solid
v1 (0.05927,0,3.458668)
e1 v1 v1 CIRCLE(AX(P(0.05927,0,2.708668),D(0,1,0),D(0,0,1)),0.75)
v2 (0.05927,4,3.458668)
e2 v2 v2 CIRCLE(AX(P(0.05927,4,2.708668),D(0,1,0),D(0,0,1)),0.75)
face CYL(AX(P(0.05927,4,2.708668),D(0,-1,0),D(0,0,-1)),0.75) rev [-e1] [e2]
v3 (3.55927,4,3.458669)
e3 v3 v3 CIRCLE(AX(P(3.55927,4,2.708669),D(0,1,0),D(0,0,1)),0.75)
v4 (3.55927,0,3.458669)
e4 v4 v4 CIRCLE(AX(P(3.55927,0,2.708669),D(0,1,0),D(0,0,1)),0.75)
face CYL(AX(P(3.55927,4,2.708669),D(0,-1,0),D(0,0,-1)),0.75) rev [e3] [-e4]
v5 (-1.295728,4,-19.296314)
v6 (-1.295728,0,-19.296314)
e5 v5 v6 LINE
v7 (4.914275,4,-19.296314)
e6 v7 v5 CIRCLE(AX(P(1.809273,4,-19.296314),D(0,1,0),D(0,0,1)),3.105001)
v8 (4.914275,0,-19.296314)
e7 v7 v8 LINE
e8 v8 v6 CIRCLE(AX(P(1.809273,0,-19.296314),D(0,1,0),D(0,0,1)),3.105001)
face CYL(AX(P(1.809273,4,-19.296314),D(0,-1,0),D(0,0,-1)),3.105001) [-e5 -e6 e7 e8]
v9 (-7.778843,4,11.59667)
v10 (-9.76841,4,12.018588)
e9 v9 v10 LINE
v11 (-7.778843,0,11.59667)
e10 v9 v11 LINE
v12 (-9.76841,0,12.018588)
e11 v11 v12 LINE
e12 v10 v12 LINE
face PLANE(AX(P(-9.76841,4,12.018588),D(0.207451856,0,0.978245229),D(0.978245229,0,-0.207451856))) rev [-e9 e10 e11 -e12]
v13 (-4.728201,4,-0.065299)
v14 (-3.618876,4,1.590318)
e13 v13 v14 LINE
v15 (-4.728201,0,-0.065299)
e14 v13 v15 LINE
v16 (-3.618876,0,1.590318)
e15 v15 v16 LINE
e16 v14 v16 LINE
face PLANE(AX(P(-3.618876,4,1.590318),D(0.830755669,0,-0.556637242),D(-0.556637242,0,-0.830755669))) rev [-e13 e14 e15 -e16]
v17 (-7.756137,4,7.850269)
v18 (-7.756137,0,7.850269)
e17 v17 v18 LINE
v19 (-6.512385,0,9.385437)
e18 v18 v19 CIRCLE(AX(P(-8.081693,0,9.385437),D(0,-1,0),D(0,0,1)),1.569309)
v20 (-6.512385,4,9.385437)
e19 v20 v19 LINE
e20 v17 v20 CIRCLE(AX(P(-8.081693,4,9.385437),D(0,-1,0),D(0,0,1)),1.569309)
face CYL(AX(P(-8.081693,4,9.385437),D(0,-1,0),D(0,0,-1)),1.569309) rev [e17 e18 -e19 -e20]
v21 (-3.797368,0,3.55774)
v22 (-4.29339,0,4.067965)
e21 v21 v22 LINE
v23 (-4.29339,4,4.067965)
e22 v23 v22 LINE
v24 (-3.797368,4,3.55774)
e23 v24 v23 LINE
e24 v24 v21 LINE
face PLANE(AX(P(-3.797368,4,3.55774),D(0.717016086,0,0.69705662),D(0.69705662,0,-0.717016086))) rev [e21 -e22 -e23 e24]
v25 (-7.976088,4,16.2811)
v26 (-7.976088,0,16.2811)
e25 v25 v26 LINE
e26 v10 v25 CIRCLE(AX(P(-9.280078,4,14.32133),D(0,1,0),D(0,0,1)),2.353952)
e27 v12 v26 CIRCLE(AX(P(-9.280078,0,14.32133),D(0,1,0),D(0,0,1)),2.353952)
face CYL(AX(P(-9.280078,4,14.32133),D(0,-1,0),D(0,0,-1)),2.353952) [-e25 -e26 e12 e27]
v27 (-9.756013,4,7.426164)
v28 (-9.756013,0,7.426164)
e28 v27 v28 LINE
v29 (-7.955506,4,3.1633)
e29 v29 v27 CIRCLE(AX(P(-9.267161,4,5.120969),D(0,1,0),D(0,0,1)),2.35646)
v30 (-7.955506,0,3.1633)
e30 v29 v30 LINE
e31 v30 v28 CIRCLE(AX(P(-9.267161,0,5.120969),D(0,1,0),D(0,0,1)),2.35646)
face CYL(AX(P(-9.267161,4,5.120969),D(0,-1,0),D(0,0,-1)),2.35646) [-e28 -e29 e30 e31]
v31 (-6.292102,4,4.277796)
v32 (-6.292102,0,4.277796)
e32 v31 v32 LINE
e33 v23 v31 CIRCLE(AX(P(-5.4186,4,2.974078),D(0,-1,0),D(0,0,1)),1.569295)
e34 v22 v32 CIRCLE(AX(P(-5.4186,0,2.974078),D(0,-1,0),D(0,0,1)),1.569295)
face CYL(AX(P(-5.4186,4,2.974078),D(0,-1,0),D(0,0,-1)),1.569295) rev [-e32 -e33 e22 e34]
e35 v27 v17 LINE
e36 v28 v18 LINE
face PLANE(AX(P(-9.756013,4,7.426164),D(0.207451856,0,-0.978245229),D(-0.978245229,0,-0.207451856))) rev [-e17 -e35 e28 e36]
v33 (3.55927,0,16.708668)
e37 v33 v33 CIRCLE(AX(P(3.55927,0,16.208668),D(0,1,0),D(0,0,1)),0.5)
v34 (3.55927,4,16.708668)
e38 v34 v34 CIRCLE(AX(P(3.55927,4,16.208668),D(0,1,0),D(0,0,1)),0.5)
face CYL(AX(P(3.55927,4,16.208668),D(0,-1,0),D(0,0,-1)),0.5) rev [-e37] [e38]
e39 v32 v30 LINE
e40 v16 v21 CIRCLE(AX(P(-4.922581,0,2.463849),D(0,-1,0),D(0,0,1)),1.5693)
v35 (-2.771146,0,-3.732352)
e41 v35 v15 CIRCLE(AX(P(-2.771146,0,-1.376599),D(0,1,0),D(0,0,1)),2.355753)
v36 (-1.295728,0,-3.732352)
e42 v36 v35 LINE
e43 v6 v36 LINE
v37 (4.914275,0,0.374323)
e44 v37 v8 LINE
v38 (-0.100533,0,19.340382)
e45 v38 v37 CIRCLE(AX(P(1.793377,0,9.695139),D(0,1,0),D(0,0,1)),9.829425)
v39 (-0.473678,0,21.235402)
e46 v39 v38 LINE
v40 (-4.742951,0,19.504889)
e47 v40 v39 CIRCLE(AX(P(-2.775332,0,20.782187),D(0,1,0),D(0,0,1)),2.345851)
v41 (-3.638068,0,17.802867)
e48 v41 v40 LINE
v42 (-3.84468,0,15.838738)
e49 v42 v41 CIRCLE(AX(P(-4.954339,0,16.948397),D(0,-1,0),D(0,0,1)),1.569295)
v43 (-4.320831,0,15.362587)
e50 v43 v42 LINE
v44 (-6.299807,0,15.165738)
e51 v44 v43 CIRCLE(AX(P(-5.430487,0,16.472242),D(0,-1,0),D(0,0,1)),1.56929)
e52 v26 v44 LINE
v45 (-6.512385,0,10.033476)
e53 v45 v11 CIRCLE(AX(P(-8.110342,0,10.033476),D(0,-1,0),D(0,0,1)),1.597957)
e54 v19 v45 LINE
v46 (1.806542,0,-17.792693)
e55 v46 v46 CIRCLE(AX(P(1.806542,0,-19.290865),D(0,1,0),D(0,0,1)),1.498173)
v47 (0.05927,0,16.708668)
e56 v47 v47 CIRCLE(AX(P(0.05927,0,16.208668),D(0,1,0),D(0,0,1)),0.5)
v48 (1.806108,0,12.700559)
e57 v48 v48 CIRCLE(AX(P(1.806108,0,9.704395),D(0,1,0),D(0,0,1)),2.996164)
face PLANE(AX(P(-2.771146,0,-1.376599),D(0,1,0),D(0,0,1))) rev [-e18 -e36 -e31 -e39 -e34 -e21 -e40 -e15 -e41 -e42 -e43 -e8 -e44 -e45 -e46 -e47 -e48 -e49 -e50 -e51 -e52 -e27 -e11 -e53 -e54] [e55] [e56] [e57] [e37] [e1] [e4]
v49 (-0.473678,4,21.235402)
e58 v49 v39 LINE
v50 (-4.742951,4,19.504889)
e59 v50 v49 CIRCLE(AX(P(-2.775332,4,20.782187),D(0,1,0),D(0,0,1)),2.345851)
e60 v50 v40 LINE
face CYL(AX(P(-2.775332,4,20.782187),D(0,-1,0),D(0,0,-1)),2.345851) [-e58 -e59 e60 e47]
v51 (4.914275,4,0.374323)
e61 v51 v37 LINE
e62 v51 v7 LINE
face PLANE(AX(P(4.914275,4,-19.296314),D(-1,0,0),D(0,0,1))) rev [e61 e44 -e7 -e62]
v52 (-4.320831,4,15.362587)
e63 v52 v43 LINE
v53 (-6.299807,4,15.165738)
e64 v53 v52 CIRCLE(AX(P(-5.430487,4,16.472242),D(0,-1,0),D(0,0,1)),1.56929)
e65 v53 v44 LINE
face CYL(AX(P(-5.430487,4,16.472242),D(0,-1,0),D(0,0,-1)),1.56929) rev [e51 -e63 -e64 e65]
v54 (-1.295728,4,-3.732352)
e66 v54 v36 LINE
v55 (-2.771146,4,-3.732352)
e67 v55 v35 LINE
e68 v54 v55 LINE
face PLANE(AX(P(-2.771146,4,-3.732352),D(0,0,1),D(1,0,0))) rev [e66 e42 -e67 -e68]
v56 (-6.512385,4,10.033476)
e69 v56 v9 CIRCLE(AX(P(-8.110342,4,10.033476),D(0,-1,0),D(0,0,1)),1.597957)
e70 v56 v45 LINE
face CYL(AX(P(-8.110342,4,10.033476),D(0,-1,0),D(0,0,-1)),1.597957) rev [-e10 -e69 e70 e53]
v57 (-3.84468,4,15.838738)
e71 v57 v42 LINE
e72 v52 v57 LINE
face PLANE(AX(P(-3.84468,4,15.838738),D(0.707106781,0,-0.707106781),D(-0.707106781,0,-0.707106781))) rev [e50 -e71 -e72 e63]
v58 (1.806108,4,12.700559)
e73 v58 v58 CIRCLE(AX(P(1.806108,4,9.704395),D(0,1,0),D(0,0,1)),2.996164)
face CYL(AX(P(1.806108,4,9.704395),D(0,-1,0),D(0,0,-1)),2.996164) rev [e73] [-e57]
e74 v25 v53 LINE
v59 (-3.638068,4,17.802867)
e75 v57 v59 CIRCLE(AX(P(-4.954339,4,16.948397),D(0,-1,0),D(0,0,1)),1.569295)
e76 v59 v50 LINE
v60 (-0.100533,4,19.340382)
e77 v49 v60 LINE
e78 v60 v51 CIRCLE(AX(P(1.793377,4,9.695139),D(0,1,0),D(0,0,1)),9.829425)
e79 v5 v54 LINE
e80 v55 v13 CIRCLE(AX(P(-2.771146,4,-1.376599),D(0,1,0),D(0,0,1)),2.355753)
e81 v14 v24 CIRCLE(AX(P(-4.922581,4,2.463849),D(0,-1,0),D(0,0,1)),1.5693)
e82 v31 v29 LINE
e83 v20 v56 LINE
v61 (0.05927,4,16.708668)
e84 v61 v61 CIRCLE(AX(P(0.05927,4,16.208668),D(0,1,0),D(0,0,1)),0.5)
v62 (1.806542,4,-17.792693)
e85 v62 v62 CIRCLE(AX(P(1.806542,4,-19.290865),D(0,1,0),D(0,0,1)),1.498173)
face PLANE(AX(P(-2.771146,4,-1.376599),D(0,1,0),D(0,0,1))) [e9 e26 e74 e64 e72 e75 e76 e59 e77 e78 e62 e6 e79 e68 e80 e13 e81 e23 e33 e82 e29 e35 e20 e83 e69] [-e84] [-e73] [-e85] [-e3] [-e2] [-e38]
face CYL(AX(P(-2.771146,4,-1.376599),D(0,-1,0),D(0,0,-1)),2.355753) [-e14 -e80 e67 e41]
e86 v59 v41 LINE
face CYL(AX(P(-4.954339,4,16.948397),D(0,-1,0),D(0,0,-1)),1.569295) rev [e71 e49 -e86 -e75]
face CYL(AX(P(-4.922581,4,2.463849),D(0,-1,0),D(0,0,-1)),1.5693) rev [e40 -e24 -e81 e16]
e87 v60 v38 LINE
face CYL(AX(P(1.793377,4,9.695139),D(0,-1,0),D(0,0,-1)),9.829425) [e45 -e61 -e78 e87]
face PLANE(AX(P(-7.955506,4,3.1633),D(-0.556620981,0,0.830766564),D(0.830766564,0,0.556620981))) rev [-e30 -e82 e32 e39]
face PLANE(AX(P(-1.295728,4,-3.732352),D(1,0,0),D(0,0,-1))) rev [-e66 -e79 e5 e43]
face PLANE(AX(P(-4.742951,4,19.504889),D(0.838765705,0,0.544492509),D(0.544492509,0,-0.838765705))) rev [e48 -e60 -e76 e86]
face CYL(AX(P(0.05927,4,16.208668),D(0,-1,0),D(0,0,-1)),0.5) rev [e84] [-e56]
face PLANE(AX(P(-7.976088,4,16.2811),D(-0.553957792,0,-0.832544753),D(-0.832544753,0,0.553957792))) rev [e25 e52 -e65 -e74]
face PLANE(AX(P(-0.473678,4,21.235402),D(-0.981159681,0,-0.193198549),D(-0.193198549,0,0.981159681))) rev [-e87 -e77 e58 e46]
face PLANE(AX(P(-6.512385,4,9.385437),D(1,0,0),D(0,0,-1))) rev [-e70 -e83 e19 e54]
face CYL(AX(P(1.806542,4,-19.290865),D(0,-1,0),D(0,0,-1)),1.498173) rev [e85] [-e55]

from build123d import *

# Parameters (mm, degrees)
CROQUIS1_R              = 1.49817269
CROQUIS1_R_2            = 2.996164088
CROQUIS1_R_3            = 0.749999538
CROQUIS1_R_4            = 0.749999677
CROQUIS1_R_5            = 0.500000135
CROQUIS1_R_6            = 0.499999787
SALIENTE_EXTRUIR1_DEPTH = 4


with BuildPart() as part:
    # Croquis1 → Saliente-Extruir1 (new body)
    with BuildSketch(Plane(origin=(0, 0, 0), x_dir=(1, 0, 0), z_dir=(0, 1, 0))):
        with BuildLine():
            Line((-2.771145689, 3.732352208), (-1.295728101, 3.732352208))
            Line((-1.295728101, 3.732352208), (-1.295728101, 19.296313944))
            ThreePointArc((-1.295728101, 19.296313944), (1.809273381, 22.401315426), (4.914274862, 19.296313944))
            Line((4.914274862, 19.296313944), (4.914274862, -0.374323426))
            ThreePointArc((4.914274862, -0.374323426), (11.296230277, -12.207784547), (-0.100533102, -19.340381653))
            Line((-0.100533102, -19.340381653), (-0.473678479, -21.235402092))
            ThreePointArc((-0.473678479, -21.235402092), (-3.656560928, -22.956227452), (-4.742951437, -19.504889123))
            Line((-4.742951437, -19.504889123), (-3.638068078, -17.802867047))
            ThreePointArc((-3.638068078, -17.802867047), (-3.393654936, -16.784225076), (-3.844679826, -15.838738006))
            Line((-3.844679826, -15.838738006), (-4.320831306, -15.362586526))
            ThreePointArc((-4.320831306, -15.362586526), (-5.27515607, -14.910658594), (-6.299806788, -15.165738025))
            Line((-6.299806788, -15.165738025), (-7.976088157, -16.28110044))
            ThreePointArc((-7.976088157, -16.28110044), (-11.450003687, -15.233750996), (-9.768409722, -12.018588215))
            Line((-9.768409722, -12.018588215), (-7.77884303, -11.596670181))
            ThreePointArc((-7.77884303, -11.596670181), (-6.868732518, -11.039395013), (-6.512384859, -10.033475979))
            Line((-6.512384859, -10.033475979), (-6.512384859, -9.385437189))
            ThreePointArc((-6.512384859, -9.385437189), (-6.862343771, -8.397552686), (-7.756137447, -7.850268577))
            Line((-7.756137447, -7.850268577), (-9.756013297, -7.426164328))
            ThreePointArc((-9.756013297, -7.426164328), (-11.437933851, -4.204098724), (-7.955506206, -3.163300372))
            Line((-7.955506206, -3.163300372), (-6.292102369, -4.277795727))
            ThreePointArc((-6.292102369, -4.277795727), (-5.254751387, -4.534795839), (-4.293390141, -4.067965387))
            Line((-4.293390141, -4.067965387), (-3.797367558, -3.557739732))
            ThreePointArc((-3.797367558, -3.557739732), (-3.359699549, -2.605638888), (-3.61887602, -1.590317826))
            Line((-3.61887602, -1.590317826), (-4.728201004, 0.065299063))
            ThreePointArc((-4.728201004, 0.065299063), (-4.849446935, 2.48575952), (-2.771145689, 3.732352208))
        make_face()
        with Locations((1.806542391, 19.29086522)):
            Circle(CROQUIS1_R, mode=Mode.SUBTRACT)
        with Locations((1.80610831, -9.704394827)):
            Circle(CROQUIS1_R_2, mode=Mode.SUBTRACT)
        with Locations((0.059270172, -2.708668348)):
            Circle(CROQUIS1_R_3, mode=Mode.SUBTRACT)
        with Locations((3.559270137, -2.708669201)):
            Circle(CROQUIS1_R_4, mode=Mode.SUBTRACT)
        with Locations((0.059269976, -16.208667718)):
            Circle(CROQUIS1_R_5, mode=Mode.SUBTRACT)
        with Locations((3.559270485, -16.208667851)):
            Circle(CROQUIS1_R_6, mode=Mode.SUBTRACT)
    extrude(amount=SALIENTE_EXTRUIR1_DEPTH)


solid = part.part
